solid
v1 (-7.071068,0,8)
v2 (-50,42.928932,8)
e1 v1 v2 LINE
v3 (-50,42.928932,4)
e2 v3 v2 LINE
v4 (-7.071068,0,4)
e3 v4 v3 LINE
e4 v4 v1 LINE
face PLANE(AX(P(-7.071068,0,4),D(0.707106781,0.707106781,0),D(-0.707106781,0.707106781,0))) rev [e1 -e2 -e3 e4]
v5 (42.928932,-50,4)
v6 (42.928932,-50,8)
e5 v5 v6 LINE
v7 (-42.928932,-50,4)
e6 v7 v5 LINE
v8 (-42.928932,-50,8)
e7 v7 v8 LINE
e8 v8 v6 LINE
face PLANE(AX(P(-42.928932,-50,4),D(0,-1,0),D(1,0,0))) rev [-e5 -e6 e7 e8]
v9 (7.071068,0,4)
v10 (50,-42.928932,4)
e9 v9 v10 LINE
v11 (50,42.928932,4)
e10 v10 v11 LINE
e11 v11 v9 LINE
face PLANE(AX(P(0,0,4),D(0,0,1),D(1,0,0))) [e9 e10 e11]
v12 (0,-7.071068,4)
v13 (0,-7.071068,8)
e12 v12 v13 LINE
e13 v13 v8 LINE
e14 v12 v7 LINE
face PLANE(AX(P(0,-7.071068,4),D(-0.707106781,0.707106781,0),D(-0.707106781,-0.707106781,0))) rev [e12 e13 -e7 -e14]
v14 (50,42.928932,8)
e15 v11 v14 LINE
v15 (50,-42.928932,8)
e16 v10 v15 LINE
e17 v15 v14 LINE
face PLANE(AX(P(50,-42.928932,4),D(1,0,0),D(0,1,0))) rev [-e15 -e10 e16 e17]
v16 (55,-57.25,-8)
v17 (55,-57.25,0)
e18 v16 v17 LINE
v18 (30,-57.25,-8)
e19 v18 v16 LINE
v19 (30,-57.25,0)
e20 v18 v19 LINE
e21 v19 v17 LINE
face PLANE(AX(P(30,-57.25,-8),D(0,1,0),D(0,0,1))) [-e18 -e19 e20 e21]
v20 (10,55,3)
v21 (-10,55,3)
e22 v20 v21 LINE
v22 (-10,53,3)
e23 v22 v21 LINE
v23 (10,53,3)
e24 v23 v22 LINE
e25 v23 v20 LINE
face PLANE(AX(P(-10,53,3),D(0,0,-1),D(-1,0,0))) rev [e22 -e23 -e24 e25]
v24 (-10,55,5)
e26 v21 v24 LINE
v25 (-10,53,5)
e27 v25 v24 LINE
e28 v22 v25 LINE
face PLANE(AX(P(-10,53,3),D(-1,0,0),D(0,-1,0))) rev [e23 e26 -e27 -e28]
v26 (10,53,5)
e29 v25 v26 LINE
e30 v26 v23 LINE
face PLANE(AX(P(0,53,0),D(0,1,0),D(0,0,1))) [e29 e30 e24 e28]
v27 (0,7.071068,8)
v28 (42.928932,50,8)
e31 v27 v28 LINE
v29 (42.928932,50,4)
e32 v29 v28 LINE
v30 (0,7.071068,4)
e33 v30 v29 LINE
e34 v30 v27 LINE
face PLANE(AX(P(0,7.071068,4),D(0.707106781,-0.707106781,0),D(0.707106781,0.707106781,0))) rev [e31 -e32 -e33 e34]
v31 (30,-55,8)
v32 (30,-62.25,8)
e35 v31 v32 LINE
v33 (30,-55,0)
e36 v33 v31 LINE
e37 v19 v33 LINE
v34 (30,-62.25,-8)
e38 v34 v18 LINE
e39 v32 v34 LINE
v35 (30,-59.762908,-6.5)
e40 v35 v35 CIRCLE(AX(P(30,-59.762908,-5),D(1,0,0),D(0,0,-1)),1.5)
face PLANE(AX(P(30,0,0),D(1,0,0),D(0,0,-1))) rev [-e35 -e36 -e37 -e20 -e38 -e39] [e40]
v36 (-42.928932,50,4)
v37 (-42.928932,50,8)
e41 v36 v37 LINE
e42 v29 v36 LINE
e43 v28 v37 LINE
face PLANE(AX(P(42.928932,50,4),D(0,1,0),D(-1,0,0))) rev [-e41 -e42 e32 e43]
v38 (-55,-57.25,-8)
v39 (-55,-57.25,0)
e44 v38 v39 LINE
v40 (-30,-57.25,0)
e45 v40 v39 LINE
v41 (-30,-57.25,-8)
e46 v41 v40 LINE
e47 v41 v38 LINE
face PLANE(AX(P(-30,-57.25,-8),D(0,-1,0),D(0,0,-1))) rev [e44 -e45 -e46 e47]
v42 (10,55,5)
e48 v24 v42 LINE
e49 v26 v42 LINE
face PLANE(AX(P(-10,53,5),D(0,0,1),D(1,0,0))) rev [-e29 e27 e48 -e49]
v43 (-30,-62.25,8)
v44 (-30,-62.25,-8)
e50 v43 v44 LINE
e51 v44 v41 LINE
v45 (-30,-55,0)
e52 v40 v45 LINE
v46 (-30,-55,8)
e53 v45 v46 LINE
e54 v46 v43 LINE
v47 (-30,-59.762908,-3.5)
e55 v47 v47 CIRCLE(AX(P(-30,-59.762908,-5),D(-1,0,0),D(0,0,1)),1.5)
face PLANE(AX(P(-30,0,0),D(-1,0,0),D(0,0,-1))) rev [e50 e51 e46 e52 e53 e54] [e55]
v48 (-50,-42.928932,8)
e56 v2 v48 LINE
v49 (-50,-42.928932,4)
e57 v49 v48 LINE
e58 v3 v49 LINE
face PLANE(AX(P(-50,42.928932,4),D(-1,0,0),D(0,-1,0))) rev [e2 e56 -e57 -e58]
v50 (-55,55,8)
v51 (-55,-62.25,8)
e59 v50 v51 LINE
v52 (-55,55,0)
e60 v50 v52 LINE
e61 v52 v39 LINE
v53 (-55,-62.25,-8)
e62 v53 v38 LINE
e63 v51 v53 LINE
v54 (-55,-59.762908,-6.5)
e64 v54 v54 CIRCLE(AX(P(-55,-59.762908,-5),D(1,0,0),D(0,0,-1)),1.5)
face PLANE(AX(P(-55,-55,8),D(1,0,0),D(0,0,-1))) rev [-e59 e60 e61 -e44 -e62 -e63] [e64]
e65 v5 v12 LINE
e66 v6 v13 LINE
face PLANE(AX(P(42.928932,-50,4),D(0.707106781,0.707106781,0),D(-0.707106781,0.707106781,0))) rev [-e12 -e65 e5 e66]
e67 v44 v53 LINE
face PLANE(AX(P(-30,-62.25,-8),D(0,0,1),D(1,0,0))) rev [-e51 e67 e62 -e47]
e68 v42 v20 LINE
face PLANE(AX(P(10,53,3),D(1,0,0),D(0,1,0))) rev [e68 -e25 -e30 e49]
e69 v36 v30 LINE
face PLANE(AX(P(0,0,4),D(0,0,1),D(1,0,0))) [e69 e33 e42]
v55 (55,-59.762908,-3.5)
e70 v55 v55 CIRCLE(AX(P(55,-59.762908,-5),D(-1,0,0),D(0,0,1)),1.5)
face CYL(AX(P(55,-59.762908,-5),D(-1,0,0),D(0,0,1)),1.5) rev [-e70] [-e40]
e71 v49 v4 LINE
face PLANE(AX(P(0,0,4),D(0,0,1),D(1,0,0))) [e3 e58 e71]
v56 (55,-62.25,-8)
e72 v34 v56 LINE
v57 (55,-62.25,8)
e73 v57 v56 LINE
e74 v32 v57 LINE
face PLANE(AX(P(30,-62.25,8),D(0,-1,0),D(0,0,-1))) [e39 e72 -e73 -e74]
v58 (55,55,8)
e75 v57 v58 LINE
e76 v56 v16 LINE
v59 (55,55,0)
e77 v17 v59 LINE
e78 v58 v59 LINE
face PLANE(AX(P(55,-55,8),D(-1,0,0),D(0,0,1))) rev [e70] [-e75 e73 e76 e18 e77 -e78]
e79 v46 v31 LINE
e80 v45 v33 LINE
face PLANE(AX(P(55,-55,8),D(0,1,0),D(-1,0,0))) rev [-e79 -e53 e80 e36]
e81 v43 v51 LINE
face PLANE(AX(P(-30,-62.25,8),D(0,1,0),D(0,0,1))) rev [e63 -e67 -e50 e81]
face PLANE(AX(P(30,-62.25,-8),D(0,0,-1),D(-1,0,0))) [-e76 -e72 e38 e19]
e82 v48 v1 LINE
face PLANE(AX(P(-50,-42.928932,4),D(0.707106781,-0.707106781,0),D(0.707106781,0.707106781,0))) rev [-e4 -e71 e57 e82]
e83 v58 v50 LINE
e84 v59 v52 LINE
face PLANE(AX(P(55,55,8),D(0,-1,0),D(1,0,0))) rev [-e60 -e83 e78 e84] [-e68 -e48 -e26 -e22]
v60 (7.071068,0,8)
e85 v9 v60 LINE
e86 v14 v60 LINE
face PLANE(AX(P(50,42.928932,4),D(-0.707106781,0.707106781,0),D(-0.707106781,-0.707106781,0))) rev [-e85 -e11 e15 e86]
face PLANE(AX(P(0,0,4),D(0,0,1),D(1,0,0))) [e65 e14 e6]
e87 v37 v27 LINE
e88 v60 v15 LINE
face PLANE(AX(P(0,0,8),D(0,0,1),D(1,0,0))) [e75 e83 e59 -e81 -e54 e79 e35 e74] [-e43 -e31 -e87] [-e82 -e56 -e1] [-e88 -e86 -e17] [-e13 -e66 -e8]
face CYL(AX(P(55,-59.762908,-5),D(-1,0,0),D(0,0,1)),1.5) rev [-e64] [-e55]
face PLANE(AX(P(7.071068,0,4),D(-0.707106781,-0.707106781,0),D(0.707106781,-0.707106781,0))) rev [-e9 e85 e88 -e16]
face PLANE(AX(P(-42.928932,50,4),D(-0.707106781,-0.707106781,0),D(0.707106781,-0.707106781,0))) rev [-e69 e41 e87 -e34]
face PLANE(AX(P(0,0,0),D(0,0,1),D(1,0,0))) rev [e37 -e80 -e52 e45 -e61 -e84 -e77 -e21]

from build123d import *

# Parameters (mm, degrees)
SKETCH2_W               = 110
SKETCH2_H               = 110
BOSS_EXTRUDE1_DEPTH     = 8
BOSS_EXTRUDE2_DEPTH     = 25
CUT_EXTRUDE1_DEPTH      = 127.645420367
CUT_EXTRUDE1_DEPTH_BACK = 127.645420367
SKETCH10_R              = 1.5
CUT_EXTRUDE2_DEPTH      = 4
SKETCH12_W              = 20
SKETCH12_H              = 2
CUT_EXTRUDE3_DEPTH      = 2


with BuildPart() as part:
    # Sketch2 → Boss-Extrude1 (new body)
    with BuildSketch(Plane.XY):
        Rectangle(SKETCH2_W, SKETCH2_H)
    extrude(amount=BOSS_EXTRUDE1_DEPTH)

    # Sketch8 → Boss-Extrude2 (add)
    with BuildSketch(Plane(origin=(55, 0, 0), x_dir=(0, 0, -1), z_dir=(1, 0, 0))):
        Polygon((-8, -55), (-8, -62.25), (8, -62.25), (8, -57.25), (0, -57.25), (0, -55), align=None)
    boss_extrude2 = extrude(amount=-BOSS_EXTRUDE2_DEPTH)

    # Mirror1: Boss-Extrude2 across plane
    add(boss_extrude2.mirror(Plane(origin=(0, 0, 0), x_dir=(0, 0, 1), z_dir=(1, 0, 0))))

    # Sketch10 → Cut-Extrude1 (cut, two sides: drawn at the far end of the back side and taken through both)
    with BuildSketch(Plane.ZY.offset(55).offset(-CUT_EXTRUDE1_DEPTH_BACK)):
        with Locations((-5, -59.762907668)):
            Circle(SKETCH10_R)
    extrude(amount=CUT_EXTRUDE1_DEPTH + CUT_EXTRUDE1_DEPTH_BACK, mode=Mode.SUBTRACT)

    # Sketch11 → Cut-Extrude2 (cut)
    with BuildSketch(Plane.XY.offset(8)):
        Polygon((-42.928932188, 50), (0, 7.071067812), (42.928932188, 50), align=None)
        Polygon((50, -42.928932188), (50, 42.928932188), (7.071067812, 0), align=None)
        Polygon((-42.928932188, -50), (42.928932188, -50), (0, -7.071067812), align=None)
        Polygon((-50, 42.928932188), (-50, -42.928932188), (-7.071067812, 0), align=None)
    extrude(amount=-CUT_EXTRUDE2_DEPTH, mode=Mode.SUBTRACT)

    # Sketch12 → Cut-Extrude3 (cut)
    with BuildSketch(Plane(origin=(0, 55, 0), x_dir=(1, 0, 0), z_dir=(0, 1, 0))):
        with Locations((0, -4)):
            Rectangle(SKETCH12_W, SKETCH12_H)
    extrude(amount=-CUT_EXTRUDE3_DEPTH, mode=Mode.SUBTRACT)


solid = part.part
